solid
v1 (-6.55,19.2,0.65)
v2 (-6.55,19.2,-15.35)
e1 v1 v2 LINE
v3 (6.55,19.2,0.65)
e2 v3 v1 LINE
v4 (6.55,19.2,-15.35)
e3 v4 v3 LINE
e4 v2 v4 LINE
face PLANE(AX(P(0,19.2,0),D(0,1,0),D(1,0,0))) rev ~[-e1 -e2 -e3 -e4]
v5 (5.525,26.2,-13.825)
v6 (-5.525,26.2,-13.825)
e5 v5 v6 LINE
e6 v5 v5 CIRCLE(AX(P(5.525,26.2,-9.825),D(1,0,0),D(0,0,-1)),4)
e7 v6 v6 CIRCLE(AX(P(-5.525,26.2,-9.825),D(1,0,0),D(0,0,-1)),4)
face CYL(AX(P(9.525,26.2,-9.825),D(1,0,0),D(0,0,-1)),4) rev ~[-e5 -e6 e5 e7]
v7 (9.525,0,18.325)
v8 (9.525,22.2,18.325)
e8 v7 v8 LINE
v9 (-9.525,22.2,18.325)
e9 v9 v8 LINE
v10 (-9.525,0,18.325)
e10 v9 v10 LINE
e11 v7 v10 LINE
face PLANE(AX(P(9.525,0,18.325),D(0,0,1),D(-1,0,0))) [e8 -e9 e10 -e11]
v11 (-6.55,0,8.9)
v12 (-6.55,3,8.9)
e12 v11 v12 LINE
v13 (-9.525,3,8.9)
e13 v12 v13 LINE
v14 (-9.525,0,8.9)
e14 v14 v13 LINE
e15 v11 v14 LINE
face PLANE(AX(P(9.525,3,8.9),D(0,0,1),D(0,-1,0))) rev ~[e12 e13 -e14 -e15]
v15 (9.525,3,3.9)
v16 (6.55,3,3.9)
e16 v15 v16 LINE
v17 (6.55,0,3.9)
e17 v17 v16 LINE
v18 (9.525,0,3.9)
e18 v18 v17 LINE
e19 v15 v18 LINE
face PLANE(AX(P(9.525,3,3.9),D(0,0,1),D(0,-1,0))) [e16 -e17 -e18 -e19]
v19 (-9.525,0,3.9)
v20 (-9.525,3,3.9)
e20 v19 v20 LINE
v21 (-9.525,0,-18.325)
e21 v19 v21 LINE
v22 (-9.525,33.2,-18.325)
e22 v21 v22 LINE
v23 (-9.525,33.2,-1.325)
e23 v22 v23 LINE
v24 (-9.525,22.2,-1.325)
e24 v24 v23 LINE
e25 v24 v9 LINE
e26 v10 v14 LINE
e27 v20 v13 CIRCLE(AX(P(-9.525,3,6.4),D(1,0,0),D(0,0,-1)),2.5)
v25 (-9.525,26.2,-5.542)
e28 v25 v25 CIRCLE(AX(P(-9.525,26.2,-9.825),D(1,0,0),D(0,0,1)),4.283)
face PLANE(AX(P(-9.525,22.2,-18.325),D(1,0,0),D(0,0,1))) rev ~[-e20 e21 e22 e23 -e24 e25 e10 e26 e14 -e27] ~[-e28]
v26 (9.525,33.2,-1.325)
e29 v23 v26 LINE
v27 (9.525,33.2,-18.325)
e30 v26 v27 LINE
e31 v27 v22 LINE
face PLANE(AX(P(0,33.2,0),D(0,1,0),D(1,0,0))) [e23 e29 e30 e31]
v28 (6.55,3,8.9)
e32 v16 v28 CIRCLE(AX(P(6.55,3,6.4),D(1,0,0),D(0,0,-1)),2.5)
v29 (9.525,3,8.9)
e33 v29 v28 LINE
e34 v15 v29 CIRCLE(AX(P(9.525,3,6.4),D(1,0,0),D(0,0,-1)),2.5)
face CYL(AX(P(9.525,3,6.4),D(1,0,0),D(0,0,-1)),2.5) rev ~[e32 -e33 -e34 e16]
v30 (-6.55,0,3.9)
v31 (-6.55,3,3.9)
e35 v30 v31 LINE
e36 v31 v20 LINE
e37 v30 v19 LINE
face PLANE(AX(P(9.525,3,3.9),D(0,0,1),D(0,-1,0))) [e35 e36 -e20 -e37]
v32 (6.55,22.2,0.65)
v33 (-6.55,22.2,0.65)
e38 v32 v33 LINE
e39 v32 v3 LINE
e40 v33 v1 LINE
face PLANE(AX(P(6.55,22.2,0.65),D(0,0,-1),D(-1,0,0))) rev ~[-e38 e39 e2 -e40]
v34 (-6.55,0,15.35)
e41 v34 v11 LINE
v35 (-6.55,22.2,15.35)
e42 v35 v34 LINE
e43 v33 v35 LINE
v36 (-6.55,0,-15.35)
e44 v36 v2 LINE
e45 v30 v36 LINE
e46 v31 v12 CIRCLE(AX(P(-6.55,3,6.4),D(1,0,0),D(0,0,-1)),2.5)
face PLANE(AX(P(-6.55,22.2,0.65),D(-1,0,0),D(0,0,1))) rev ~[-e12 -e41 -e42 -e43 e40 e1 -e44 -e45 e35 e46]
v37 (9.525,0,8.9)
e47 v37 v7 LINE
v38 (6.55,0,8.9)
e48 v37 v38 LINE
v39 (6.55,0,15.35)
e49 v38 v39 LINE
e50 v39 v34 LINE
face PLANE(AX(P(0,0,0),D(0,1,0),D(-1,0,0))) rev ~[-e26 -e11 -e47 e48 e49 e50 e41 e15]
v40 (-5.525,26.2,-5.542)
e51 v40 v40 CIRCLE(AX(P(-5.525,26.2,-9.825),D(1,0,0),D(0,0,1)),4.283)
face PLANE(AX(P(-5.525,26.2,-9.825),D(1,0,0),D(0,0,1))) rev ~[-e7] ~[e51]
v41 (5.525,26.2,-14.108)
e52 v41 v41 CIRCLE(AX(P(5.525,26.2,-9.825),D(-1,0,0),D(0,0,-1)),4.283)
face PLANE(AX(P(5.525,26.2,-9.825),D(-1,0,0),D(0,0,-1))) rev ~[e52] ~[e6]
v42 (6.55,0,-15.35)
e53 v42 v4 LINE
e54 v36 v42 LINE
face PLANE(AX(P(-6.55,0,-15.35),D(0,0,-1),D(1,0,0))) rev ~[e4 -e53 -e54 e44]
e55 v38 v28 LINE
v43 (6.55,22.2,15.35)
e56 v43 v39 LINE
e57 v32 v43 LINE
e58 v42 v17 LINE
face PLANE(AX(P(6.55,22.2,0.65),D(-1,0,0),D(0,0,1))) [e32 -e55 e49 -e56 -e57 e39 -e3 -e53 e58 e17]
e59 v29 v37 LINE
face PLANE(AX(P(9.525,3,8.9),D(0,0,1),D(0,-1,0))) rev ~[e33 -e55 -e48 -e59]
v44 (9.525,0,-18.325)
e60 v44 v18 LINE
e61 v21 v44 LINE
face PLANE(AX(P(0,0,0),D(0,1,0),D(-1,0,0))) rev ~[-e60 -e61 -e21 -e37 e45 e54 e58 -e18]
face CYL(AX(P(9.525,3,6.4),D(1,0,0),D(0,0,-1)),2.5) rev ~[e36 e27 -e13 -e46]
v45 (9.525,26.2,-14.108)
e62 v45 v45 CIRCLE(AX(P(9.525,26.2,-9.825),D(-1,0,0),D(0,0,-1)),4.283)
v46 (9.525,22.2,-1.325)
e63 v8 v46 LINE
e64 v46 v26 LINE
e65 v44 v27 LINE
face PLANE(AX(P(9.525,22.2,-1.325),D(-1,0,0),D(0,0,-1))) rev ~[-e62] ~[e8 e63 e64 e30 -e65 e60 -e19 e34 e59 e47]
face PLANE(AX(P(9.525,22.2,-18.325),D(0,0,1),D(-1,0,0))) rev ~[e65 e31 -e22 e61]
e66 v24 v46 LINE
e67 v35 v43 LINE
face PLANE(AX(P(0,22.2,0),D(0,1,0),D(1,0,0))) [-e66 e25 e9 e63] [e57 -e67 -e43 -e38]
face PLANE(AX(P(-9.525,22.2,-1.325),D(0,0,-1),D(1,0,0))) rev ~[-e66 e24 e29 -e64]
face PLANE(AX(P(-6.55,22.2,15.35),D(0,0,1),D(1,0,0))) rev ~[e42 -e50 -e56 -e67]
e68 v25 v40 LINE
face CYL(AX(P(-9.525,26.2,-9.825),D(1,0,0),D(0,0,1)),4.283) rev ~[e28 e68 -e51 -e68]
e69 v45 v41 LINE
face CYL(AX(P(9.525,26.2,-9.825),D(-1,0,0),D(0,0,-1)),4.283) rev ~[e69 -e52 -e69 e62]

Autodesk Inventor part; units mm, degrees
ref_plane "YZ Plane" through (0, 0, 0) normal (1, 0, 0) x (0, 1, 0)
ref_plane "XZ Plane" through (0, 0, 0) normal (0, 1, 0) x (-1, 0, 0)
ref_plane "XY Plane" through (0, 0, 0) normal (0, 0, 1) x (1, 0, 0)
sketch "Sketch1" plane through (0, 0, 0) normal (0, 1, 0) x (-1, 0, 0)
  point P0 (0, 0)
sketch "Sketch2" plane through (0, 0, 0) normal (0, 1, 0) x (-1, 0, 0)
  line L0 (-6.55, 15.35) -> (6.55, 15.35)
  line L1 (6.55, 15.35) -> (6.55, -15.35)
  line L2 (6.55, -15.35) -> (-6.55, -15.35)
  line L3 (-6.55, -15.35) -> (-6.55, 15.35)
  line L4 (-6.55, 15.35) -> (6.55, -15.35) construction
  line L5 (6.55, 15.35) -> (-6.55, -15.35) construction
  line L6 (-9.525, 18.325) -> (9.525, 18.325)
  line L7 (9.525, 18.325) -> (9.525, -18.325)
  line L8 (9.525, -18.325) -> (-9.525, -18.325)
  line L9 (-9.525, -18.325) -> (-9.525, 18.325)
  line L10 (-9.525, 18.325) -> (9.525, -18.325) construction
  line L11 (9.525, 18.325) -> (-9.525, -18.325) construction
  point P0 (0, 0)
  dimension "d0" = 13.1
  dimension "d1" = 30.7
  dimension "d2" = 19.05
  dimension "d3" = 36.65
extrude "Extrusion1" add sketch "Sketch2" along normal blind 19.2
sketch "Sketch3" plane through (0, 19.2, 0) normal (0, 1, 0) x (1, 0, 0)
  line L0 (-9.525, -18.325) -> (9.525, -18.325)
  line L1 (9.525, -18.325) -> (9.525, 18.325)
  line L2 (9.525, 18.325) -> (-9.525, 18.325)
  line L3 (-9.525, 18.325) -> (-9.525, -18.325)
  point P0 (0, 0)
extrude "Extrusion2" add sketch "Sketch3" along normal blind 3
sketch "Sketch4" plane through (0, 22.2, 0) normal (0, 1, 0) x (1, 0, 0)
  line L0 (-6.55, -15.35) -> (-6.55, 15.35) construction
  line L1 (6.55, -15.35) -> (-6.55, -15.35) construction
  line L2 (-6.55, -15.35) -> (-6.55, 15.35) construction
  line L3 (-6.55, 15.35) -> (6.55, 15.35) construction
  line L4 (6.55, 15.35) -> (6.55, -15.35) construction
  line L5 (6.55, -15.35) -> (-6.55, 15.35) construction
  line L6 (-6.55, -15.35) -> (6.55, 15.35) construction
  line L7 (6.55, 15.35) -> (6.55, -15.35) projected
  line L8 (-6.55, -15.35) -> (6.55, -15.35)
  line L9 (6.55, -15.35) -> (6.55, -0.65)
  line L10 (6.55, -0.65) -> (-6.55, -0.65)
  line L11 (-6.55, -0.65) -> (-6.55, -15.35)
  point P0 (0, 0)
  point P1 (6.55, -15.35)
  dimension "d8" = 14.7
extrude "Extrusion3" cut sketch "Sketch4" against normal blind 5
sketch "Sketch6" plane through (9.525, 0, 18.325) normal (1, 0, 0) x (0, 0, -1)
  line L0 (0, 0) -> (36.65, 0) construction
  line L1 (0, 0) -> (11.925, 0) construction
  line L2 (11.925, 0) -> (11.925, 3) construction
  line L3 (11.925, 3) -> (0, 3) construction
  line L4 (0, 3) -> (0, 0) construction
  circle A0 centre (11.925, 3) radius 2.5
  line L5 (9.425, 3) -> (9.425, -0.2828)
  line L6 (14.425, 3) -> (14.425, 0)
  line L7 (9.425, 0) -> (14.425, 0)
  point P0 (18.325, 0)
  dimension "d16" = 11.925
  dimension "d17" = 3
  dimension "d18" = 5
extrude "Extrusion5" cut sketch "Sketch6" against normal through all
sketch "Sketch7" plane through (0, 22.2, 0) normal (0, 1, 0) x (1, 0, 0)
  line L0 (9.525, 18.325) -> (-9.525, 18.325) projected
  line L1 (-9.525, 18.325) -> (-9.525, -18.325) projected
  line L2 (9.525, 18.325) -> (-9.525, 18.325)
  line L3 (-9.525, 18.325) -> (-9.525, 1.325)
  line L4 (-9.525, 1.325) -> (9.525, 1.325)
  line L5 (9.525, 1.325) -> (9.525, 18.325)
  point P0 (0, 0)
  dimension "d21" = 17
extrude "Extrusion6" add sketch "Sketch7" along normal blind 11
sketch "Sketch8" plane through (9.525, 0, 18.325) normal (1, 0, 0) x (0, 0, -1)
  line L0 (19.65, 33.2) -> (36.65, 33.2) construction
  line L1 (28.15, 33.2) -> (28.15, 26.2) construction
  circle A0 centre (28.15, 26.2) radius 4
  point P0 (18.325, 0)
  dimension "d24" = 7
  dimension "d25" = 8
extrude "Extrusion7" cut sketch "Sketch8" against normal through all
sketch "Sketch9" plane through (9.525, 0, 18.325) normal (1, 0, 0) x (0, 0, -1)
  circle A0 centre (28.15, 26.2) radius 4 construction
  circle A1 centre (28.15, 26.2) radius 4 construction
  point P0 (18.325, 0)
hole "Hole1" at (9.525, 26.2, -9.825) direction (-1, 0, 0) diameter 8.566 depth 4 thread size "G9.728x0.907" designation "G 1/8" standard "ISO Pipe Threads"
sketch "Sketch10" plane through (-9.525, 0, 18.325) normal (-1, 0, 0) x (0, 0, 1)
  circle A0 centre (-28.15, 26.2) radius 4 construction
  circle A1 centre (-28.15, 26.2) radius 4 construction
  point P0 (-18.325, 0)
hole "Hole2" at (-9.525, 26.2, -9.825) direction (1, 0, 0) diameter 8.566 depth 4 thread size "G9.728x0.907" designation "G 1/8" standard "ISO Pipe Threads"
properties part number "ADAPTER_AOM-brimrose-watercooled-cover-2"
